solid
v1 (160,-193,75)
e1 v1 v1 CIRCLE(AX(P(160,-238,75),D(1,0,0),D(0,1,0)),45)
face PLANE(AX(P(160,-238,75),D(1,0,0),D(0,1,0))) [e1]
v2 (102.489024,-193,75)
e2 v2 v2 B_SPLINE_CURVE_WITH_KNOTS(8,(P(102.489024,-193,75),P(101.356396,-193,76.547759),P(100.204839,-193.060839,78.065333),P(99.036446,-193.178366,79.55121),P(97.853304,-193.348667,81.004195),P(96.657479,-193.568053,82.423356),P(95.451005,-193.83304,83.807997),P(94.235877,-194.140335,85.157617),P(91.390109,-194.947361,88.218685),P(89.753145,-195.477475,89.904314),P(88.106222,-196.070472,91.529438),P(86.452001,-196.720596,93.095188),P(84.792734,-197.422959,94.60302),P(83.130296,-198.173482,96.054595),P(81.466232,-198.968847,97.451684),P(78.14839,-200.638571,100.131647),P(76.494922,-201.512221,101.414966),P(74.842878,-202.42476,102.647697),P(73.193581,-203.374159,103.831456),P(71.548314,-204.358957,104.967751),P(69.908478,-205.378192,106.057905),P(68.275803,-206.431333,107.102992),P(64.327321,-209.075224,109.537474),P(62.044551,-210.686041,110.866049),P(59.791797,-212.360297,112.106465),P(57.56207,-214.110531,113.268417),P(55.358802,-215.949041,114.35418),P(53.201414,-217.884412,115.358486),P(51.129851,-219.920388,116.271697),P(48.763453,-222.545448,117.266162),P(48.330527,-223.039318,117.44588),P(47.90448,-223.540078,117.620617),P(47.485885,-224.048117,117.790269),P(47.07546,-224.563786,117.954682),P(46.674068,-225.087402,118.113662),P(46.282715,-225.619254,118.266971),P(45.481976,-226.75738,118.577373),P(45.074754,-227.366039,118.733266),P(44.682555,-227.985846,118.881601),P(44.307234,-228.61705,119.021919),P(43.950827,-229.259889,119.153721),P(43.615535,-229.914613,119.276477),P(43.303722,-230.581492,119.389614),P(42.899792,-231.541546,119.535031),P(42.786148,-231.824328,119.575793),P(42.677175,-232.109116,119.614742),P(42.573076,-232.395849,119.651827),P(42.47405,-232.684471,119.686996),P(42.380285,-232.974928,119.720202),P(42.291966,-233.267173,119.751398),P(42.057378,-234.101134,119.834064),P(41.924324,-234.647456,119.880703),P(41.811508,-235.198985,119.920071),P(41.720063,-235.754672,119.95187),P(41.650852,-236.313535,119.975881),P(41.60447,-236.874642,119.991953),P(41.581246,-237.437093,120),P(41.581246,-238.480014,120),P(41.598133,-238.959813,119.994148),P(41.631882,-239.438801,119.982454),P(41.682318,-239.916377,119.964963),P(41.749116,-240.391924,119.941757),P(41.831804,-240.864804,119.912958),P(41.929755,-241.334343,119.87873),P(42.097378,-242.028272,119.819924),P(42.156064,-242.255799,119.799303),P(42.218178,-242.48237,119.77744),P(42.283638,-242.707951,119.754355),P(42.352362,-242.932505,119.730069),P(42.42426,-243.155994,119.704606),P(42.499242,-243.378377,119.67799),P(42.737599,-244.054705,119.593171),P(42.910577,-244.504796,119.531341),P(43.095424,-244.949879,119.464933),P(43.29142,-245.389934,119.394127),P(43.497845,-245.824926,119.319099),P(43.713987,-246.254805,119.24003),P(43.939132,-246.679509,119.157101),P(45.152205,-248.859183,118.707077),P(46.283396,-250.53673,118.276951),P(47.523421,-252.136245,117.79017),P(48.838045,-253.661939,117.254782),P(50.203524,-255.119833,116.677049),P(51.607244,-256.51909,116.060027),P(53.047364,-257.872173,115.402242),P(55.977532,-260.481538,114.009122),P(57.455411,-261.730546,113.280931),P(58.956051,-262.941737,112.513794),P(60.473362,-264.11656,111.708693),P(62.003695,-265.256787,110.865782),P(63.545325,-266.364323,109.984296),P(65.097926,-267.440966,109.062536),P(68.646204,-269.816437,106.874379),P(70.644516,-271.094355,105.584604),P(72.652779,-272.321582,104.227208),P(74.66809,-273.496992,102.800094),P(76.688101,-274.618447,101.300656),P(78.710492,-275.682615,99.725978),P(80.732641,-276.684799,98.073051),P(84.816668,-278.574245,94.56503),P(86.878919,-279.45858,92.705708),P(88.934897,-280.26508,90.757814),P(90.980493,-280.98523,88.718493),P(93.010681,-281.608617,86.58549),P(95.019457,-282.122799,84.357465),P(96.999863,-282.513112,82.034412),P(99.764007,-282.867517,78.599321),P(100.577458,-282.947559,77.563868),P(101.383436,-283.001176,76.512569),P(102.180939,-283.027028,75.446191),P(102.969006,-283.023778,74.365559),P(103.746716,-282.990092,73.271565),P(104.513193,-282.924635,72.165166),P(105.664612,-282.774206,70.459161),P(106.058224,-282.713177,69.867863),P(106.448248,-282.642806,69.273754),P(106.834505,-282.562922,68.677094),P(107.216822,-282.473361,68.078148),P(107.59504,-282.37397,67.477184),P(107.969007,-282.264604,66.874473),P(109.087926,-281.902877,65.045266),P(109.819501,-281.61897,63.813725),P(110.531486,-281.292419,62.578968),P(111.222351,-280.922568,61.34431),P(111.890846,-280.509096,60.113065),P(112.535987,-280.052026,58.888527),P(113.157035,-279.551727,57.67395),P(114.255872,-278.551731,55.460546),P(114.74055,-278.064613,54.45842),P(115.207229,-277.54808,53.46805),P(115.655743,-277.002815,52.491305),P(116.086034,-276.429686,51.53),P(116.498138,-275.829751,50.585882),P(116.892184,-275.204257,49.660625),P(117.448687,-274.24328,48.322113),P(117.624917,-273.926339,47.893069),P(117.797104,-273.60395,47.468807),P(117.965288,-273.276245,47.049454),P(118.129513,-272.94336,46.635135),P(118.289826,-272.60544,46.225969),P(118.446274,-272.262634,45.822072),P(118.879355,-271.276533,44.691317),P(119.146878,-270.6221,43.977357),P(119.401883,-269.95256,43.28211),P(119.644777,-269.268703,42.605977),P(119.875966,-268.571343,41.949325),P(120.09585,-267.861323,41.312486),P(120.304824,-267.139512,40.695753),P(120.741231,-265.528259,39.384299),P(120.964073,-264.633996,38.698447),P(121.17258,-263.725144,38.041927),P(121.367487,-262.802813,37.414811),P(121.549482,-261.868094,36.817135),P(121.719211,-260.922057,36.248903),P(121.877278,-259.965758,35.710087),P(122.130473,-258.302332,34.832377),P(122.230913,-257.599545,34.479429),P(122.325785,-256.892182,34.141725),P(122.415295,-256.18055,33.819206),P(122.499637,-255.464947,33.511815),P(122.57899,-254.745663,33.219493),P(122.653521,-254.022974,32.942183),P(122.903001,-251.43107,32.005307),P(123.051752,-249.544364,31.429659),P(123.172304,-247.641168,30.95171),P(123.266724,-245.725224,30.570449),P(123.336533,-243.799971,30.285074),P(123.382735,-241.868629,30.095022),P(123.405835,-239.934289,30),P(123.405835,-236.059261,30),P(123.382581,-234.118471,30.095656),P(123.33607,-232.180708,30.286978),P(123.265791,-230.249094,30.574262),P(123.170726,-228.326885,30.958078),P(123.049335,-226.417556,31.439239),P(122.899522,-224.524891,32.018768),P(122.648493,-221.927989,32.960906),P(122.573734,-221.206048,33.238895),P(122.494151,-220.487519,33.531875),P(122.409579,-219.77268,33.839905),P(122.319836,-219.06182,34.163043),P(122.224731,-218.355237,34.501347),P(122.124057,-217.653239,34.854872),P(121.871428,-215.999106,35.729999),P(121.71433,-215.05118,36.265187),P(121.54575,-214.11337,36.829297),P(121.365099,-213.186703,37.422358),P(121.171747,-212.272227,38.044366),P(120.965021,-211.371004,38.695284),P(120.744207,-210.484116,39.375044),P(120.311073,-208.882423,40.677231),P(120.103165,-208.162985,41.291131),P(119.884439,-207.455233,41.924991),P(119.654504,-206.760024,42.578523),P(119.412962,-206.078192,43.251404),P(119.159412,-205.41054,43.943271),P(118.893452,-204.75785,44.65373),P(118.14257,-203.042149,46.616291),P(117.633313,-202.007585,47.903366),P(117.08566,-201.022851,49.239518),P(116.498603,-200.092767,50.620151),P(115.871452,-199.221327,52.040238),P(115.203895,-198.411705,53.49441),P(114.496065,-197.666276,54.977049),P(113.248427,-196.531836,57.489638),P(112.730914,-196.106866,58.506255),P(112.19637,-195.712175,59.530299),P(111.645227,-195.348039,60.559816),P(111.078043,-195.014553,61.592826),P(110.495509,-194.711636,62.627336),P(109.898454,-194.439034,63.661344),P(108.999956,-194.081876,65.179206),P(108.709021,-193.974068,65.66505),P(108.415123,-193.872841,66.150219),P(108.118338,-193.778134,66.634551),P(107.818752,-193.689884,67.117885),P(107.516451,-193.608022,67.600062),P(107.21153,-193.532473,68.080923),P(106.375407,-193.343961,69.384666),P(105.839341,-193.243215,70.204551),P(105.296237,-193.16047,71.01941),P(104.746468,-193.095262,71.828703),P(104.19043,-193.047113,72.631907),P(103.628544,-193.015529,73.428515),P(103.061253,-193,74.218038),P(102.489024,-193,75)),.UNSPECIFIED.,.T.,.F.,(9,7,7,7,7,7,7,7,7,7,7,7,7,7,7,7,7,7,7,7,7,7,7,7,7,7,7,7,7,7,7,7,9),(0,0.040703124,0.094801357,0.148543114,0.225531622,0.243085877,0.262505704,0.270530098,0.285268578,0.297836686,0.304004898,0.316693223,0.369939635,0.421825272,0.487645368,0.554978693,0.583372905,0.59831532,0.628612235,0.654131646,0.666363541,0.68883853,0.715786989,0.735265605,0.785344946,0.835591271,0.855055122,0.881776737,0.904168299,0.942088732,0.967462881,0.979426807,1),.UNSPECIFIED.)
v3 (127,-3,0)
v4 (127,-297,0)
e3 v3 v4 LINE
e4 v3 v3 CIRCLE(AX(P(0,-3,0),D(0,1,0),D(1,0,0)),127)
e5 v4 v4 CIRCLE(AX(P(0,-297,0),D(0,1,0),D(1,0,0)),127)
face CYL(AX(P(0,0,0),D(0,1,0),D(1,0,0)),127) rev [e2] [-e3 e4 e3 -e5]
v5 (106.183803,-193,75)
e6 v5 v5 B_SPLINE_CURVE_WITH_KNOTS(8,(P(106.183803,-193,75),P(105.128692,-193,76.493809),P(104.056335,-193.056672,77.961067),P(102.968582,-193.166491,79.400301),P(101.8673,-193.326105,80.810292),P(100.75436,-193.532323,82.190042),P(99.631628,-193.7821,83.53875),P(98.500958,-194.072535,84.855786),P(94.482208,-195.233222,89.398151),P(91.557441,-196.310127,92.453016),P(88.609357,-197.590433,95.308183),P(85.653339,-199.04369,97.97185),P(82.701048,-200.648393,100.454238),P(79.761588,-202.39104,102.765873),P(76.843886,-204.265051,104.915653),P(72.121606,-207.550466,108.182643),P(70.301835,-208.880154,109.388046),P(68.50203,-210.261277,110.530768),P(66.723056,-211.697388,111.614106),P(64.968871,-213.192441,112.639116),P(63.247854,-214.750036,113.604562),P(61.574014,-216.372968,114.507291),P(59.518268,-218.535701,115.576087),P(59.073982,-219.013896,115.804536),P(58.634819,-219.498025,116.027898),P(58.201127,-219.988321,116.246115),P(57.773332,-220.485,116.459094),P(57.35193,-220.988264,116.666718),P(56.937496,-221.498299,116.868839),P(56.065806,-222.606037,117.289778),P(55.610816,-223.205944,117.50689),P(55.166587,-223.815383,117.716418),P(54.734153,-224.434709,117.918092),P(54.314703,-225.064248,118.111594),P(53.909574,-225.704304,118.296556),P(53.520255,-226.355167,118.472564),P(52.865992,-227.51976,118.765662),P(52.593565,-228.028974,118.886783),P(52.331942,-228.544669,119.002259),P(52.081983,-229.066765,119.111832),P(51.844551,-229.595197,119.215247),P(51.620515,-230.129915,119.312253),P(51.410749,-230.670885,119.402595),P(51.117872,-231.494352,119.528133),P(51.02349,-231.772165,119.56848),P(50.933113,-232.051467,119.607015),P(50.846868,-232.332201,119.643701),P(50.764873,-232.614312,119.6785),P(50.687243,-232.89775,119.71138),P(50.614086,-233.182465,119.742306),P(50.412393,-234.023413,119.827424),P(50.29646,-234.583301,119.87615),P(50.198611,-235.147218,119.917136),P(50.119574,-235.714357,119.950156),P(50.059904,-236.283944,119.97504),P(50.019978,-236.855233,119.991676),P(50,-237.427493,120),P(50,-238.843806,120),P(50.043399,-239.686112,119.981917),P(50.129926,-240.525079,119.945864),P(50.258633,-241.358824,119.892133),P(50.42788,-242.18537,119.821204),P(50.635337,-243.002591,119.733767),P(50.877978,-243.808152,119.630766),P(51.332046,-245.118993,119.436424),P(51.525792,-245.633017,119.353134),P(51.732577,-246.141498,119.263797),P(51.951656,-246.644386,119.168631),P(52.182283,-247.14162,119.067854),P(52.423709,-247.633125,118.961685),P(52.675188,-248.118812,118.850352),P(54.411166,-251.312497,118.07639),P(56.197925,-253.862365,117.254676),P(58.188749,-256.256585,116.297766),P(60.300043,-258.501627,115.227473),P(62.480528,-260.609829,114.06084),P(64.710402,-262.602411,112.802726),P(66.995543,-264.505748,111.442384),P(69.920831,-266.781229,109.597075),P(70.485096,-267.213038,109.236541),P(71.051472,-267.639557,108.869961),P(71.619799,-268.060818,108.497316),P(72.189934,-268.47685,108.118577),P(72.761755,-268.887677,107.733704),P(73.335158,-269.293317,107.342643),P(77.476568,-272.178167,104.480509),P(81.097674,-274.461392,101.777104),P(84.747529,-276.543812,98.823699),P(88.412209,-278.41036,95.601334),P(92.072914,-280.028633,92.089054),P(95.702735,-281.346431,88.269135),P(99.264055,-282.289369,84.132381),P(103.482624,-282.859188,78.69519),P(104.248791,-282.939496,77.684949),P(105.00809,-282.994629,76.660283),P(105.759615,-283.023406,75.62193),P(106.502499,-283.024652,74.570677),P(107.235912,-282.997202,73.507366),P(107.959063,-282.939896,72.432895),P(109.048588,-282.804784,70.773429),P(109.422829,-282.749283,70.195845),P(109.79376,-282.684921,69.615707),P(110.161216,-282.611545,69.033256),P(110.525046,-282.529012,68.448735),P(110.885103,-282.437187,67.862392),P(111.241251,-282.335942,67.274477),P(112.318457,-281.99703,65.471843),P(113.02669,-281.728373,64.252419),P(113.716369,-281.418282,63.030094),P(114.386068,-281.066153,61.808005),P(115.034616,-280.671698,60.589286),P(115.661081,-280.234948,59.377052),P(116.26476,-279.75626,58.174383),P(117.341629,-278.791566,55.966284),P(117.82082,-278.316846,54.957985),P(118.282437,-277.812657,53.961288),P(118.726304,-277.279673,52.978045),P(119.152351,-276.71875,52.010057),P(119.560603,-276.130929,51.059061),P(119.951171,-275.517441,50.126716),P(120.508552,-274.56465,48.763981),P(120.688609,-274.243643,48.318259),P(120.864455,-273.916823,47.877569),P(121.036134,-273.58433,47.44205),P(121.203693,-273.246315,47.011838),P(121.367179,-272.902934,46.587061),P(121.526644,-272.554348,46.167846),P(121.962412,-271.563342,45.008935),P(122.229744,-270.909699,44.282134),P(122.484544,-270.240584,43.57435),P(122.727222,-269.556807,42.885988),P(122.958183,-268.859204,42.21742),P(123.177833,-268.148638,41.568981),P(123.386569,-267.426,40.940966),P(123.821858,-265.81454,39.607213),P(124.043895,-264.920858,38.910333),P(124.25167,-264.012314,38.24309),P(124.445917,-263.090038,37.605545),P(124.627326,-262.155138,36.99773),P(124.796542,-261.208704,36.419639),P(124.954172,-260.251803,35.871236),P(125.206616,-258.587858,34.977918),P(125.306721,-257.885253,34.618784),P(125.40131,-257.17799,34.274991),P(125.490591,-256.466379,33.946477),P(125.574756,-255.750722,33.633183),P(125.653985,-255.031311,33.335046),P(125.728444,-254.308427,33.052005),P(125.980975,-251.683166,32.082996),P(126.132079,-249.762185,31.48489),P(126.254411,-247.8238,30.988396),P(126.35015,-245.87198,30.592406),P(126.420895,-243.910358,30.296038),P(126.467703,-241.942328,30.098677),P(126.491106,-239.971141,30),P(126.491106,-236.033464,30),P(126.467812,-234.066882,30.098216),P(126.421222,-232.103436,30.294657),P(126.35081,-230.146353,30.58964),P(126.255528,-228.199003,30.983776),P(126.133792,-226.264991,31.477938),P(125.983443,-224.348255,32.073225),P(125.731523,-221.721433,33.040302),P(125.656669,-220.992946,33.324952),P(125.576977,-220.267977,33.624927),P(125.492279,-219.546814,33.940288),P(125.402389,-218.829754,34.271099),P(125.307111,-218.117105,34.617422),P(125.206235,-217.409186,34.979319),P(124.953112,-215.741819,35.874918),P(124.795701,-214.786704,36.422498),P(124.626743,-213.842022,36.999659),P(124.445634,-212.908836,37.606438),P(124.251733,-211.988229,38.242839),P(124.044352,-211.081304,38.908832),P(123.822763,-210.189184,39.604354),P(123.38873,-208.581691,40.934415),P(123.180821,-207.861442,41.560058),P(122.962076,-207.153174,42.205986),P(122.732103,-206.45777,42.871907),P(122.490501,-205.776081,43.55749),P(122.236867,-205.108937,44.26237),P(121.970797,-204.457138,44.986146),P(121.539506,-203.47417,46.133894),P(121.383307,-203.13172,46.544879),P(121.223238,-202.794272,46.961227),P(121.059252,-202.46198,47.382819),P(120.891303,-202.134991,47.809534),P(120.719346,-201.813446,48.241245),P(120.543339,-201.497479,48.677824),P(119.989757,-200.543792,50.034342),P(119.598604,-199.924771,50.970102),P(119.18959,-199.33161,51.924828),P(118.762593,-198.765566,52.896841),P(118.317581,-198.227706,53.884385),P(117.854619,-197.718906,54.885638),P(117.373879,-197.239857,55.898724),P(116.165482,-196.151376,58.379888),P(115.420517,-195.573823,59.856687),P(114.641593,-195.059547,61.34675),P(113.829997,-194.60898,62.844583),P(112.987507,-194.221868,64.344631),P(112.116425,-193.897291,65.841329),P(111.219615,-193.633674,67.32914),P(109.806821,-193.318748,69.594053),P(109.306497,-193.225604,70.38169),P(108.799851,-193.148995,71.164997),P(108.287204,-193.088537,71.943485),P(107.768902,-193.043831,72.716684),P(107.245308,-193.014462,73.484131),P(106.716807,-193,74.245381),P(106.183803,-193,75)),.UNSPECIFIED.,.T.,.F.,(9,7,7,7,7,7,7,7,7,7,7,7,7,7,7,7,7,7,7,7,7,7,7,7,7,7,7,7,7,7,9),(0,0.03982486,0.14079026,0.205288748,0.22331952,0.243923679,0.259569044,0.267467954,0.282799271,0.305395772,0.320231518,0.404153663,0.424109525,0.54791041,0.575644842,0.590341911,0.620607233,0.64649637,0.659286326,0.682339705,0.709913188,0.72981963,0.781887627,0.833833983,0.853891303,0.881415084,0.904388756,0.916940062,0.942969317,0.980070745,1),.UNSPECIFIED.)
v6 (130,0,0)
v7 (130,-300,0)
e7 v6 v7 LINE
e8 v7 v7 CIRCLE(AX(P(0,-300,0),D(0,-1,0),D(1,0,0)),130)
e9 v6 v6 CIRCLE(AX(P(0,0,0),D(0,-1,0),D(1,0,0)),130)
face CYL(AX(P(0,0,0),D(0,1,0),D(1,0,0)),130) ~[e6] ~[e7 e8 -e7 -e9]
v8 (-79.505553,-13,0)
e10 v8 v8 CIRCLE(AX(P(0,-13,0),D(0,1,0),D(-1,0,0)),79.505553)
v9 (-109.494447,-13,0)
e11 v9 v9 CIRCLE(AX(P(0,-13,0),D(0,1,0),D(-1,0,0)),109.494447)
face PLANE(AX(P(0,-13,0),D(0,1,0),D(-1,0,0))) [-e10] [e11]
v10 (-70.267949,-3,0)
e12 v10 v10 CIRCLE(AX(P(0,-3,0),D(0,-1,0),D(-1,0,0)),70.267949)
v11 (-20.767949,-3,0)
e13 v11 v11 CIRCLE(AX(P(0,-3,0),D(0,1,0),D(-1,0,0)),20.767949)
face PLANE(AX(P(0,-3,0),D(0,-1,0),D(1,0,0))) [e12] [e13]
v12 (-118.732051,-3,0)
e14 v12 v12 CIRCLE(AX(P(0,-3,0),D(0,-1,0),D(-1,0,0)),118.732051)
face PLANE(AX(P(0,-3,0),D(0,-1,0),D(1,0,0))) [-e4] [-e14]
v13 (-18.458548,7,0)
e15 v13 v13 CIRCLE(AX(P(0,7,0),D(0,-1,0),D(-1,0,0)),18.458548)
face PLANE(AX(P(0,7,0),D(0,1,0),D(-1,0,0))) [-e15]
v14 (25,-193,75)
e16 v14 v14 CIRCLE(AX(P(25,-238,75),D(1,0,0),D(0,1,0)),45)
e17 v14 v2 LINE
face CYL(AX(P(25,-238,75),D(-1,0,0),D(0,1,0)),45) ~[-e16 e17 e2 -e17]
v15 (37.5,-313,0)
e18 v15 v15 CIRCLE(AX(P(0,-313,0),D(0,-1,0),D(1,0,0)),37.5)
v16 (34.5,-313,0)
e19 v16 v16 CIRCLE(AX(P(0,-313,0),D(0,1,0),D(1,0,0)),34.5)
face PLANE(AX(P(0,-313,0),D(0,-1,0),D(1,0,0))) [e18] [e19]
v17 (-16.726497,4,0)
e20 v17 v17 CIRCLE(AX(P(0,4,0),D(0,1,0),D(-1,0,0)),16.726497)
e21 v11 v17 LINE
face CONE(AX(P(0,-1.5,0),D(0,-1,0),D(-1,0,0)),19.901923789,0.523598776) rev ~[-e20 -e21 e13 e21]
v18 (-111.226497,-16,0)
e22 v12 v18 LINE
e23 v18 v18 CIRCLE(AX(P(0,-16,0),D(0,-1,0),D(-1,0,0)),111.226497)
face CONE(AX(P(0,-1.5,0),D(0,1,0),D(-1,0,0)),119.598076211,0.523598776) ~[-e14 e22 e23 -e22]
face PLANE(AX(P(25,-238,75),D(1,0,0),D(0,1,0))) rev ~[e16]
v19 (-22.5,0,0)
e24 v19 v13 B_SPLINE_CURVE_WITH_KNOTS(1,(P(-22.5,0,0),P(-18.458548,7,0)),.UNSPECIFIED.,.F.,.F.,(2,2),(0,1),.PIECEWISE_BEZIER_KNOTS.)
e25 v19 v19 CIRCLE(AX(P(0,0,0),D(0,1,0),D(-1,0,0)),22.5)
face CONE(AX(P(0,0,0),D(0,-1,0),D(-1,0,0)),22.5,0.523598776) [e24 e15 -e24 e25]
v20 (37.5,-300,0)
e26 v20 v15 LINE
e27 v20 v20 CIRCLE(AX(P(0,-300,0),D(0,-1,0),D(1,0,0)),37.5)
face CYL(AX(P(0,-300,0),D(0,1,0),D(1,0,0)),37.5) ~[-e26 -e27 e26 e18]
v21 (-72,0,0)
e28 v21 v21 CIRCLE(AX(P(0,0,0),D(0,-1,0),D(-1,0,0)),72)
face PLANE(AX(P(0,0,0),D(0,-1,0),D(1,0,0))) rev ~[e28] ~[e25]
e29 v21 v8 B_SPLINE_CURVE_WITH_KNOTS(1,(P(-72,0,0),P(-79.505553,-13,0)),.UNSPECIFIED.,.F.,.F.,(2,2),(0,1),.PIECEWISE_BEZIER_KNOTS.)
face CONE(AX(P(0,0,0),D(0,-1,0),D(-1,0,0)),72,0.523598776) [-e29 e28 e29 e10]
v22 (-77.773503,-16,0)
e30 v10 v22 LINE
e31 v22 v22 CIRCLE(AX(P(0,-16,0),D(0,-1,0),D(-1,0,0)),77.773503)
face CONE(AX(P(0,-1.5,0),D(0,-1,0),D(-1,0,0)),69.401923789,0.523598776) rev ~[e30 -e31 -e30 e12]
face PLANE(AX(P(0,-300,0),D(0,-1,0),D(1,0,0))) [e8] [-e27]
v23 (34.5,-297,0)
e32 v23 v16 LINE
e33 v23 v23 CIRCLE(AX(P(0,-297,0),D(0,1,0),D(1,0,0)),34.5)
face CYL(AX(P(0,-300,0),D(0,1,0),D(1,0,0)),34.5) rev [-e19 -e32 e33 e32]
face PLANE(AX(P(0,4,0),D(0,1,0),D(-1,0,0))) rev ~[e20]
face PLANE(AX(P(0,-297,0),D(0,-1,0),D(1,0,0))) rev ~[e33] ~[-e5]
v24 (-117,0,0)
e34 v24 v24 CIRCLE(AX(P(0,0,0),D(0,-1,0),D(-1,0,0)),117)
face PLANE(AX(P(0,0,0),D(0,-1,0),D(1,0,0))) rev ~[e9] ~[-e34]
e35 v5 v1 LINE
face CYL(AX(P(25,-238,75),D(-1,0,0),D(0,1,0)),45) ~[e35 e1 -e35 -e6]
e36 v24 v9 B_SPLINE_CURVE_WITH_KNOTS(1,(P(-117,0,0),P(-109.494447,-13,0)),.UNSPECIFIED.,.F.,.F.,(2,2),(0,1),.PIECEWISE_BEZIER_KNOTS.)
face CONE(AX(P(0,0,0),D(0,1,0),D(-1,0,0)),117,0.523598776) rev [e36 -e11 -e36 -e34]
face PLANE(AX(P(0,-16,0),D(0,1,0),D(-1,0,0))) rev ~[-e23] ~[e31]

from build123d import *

# Parameters (mm, degrees)
F0_R      = 130
F1_DEPTH  = 300
F2_R      = 37.5
F3_DEPTH  = 13
F4_R      = 117
F4_R_2    = 72
F5_DEPTH  = 13
F5_TAPER  = 30
F6_R      = 22.5
F7_DEPTH  = 7
F7_TAPER  = 30
F8_T      = -3
F10_START = 25
F9_R      = 45
F10_DEPTH = 135


with BuildPart() as f1:
    # F0 (on Front) → F1 (new body)
    with BuildSketch(Plane.XZ):
        Circle(F0_R)
    extrude(amount=F1_DEPTH)

    # F2 (on face) → F3 (join)
    with BuildSketch(Plane.XZ.offset(300)):
        Circle(F2_R)
    extrude(amount=F3_DEPTH)

    # F4 (on face) → F5 (cut)
    with BuildSketch(Plane(origin=(0, 0, 0), x_dir=(-1, 0, 0), z_dir=(0, 1, 0))):
        Circle(F4_R)
        Circle(F4_R_2, mode=Mode.SUBTRACT)
    extrude(amount=-F5_DEPTH, taper=F5_TAPER, mode=Mode.SUBTRACT)

    # F6 (on face) → F7 (join)
    with BuildSketch(Plane(origin=(0, 0, 0), x_dir=(-1, 0, 0), z_dir=(0, 1, 0))):
        Circle(F6_R)
    extrude(amount=F7_DEPTH, taper=F7_TAPER)

    # F8
    f8_openings = [f1.faces().sort_by_distance(p)[0] for p in [
        (0, -313, 0),
    ]]
    offset(amount=F8_T, openings=f8_openings, kind=Kind.INTERSECTION)

    # F9 (on Right) → F10 (join)
    with BuildSketch(Plane.YZ.offset(F10_START)):
        with Locations((-238, 75)):
            Circle(F9_R)
    extrude(amount=F10_DEPTH)


solid = f1.part
